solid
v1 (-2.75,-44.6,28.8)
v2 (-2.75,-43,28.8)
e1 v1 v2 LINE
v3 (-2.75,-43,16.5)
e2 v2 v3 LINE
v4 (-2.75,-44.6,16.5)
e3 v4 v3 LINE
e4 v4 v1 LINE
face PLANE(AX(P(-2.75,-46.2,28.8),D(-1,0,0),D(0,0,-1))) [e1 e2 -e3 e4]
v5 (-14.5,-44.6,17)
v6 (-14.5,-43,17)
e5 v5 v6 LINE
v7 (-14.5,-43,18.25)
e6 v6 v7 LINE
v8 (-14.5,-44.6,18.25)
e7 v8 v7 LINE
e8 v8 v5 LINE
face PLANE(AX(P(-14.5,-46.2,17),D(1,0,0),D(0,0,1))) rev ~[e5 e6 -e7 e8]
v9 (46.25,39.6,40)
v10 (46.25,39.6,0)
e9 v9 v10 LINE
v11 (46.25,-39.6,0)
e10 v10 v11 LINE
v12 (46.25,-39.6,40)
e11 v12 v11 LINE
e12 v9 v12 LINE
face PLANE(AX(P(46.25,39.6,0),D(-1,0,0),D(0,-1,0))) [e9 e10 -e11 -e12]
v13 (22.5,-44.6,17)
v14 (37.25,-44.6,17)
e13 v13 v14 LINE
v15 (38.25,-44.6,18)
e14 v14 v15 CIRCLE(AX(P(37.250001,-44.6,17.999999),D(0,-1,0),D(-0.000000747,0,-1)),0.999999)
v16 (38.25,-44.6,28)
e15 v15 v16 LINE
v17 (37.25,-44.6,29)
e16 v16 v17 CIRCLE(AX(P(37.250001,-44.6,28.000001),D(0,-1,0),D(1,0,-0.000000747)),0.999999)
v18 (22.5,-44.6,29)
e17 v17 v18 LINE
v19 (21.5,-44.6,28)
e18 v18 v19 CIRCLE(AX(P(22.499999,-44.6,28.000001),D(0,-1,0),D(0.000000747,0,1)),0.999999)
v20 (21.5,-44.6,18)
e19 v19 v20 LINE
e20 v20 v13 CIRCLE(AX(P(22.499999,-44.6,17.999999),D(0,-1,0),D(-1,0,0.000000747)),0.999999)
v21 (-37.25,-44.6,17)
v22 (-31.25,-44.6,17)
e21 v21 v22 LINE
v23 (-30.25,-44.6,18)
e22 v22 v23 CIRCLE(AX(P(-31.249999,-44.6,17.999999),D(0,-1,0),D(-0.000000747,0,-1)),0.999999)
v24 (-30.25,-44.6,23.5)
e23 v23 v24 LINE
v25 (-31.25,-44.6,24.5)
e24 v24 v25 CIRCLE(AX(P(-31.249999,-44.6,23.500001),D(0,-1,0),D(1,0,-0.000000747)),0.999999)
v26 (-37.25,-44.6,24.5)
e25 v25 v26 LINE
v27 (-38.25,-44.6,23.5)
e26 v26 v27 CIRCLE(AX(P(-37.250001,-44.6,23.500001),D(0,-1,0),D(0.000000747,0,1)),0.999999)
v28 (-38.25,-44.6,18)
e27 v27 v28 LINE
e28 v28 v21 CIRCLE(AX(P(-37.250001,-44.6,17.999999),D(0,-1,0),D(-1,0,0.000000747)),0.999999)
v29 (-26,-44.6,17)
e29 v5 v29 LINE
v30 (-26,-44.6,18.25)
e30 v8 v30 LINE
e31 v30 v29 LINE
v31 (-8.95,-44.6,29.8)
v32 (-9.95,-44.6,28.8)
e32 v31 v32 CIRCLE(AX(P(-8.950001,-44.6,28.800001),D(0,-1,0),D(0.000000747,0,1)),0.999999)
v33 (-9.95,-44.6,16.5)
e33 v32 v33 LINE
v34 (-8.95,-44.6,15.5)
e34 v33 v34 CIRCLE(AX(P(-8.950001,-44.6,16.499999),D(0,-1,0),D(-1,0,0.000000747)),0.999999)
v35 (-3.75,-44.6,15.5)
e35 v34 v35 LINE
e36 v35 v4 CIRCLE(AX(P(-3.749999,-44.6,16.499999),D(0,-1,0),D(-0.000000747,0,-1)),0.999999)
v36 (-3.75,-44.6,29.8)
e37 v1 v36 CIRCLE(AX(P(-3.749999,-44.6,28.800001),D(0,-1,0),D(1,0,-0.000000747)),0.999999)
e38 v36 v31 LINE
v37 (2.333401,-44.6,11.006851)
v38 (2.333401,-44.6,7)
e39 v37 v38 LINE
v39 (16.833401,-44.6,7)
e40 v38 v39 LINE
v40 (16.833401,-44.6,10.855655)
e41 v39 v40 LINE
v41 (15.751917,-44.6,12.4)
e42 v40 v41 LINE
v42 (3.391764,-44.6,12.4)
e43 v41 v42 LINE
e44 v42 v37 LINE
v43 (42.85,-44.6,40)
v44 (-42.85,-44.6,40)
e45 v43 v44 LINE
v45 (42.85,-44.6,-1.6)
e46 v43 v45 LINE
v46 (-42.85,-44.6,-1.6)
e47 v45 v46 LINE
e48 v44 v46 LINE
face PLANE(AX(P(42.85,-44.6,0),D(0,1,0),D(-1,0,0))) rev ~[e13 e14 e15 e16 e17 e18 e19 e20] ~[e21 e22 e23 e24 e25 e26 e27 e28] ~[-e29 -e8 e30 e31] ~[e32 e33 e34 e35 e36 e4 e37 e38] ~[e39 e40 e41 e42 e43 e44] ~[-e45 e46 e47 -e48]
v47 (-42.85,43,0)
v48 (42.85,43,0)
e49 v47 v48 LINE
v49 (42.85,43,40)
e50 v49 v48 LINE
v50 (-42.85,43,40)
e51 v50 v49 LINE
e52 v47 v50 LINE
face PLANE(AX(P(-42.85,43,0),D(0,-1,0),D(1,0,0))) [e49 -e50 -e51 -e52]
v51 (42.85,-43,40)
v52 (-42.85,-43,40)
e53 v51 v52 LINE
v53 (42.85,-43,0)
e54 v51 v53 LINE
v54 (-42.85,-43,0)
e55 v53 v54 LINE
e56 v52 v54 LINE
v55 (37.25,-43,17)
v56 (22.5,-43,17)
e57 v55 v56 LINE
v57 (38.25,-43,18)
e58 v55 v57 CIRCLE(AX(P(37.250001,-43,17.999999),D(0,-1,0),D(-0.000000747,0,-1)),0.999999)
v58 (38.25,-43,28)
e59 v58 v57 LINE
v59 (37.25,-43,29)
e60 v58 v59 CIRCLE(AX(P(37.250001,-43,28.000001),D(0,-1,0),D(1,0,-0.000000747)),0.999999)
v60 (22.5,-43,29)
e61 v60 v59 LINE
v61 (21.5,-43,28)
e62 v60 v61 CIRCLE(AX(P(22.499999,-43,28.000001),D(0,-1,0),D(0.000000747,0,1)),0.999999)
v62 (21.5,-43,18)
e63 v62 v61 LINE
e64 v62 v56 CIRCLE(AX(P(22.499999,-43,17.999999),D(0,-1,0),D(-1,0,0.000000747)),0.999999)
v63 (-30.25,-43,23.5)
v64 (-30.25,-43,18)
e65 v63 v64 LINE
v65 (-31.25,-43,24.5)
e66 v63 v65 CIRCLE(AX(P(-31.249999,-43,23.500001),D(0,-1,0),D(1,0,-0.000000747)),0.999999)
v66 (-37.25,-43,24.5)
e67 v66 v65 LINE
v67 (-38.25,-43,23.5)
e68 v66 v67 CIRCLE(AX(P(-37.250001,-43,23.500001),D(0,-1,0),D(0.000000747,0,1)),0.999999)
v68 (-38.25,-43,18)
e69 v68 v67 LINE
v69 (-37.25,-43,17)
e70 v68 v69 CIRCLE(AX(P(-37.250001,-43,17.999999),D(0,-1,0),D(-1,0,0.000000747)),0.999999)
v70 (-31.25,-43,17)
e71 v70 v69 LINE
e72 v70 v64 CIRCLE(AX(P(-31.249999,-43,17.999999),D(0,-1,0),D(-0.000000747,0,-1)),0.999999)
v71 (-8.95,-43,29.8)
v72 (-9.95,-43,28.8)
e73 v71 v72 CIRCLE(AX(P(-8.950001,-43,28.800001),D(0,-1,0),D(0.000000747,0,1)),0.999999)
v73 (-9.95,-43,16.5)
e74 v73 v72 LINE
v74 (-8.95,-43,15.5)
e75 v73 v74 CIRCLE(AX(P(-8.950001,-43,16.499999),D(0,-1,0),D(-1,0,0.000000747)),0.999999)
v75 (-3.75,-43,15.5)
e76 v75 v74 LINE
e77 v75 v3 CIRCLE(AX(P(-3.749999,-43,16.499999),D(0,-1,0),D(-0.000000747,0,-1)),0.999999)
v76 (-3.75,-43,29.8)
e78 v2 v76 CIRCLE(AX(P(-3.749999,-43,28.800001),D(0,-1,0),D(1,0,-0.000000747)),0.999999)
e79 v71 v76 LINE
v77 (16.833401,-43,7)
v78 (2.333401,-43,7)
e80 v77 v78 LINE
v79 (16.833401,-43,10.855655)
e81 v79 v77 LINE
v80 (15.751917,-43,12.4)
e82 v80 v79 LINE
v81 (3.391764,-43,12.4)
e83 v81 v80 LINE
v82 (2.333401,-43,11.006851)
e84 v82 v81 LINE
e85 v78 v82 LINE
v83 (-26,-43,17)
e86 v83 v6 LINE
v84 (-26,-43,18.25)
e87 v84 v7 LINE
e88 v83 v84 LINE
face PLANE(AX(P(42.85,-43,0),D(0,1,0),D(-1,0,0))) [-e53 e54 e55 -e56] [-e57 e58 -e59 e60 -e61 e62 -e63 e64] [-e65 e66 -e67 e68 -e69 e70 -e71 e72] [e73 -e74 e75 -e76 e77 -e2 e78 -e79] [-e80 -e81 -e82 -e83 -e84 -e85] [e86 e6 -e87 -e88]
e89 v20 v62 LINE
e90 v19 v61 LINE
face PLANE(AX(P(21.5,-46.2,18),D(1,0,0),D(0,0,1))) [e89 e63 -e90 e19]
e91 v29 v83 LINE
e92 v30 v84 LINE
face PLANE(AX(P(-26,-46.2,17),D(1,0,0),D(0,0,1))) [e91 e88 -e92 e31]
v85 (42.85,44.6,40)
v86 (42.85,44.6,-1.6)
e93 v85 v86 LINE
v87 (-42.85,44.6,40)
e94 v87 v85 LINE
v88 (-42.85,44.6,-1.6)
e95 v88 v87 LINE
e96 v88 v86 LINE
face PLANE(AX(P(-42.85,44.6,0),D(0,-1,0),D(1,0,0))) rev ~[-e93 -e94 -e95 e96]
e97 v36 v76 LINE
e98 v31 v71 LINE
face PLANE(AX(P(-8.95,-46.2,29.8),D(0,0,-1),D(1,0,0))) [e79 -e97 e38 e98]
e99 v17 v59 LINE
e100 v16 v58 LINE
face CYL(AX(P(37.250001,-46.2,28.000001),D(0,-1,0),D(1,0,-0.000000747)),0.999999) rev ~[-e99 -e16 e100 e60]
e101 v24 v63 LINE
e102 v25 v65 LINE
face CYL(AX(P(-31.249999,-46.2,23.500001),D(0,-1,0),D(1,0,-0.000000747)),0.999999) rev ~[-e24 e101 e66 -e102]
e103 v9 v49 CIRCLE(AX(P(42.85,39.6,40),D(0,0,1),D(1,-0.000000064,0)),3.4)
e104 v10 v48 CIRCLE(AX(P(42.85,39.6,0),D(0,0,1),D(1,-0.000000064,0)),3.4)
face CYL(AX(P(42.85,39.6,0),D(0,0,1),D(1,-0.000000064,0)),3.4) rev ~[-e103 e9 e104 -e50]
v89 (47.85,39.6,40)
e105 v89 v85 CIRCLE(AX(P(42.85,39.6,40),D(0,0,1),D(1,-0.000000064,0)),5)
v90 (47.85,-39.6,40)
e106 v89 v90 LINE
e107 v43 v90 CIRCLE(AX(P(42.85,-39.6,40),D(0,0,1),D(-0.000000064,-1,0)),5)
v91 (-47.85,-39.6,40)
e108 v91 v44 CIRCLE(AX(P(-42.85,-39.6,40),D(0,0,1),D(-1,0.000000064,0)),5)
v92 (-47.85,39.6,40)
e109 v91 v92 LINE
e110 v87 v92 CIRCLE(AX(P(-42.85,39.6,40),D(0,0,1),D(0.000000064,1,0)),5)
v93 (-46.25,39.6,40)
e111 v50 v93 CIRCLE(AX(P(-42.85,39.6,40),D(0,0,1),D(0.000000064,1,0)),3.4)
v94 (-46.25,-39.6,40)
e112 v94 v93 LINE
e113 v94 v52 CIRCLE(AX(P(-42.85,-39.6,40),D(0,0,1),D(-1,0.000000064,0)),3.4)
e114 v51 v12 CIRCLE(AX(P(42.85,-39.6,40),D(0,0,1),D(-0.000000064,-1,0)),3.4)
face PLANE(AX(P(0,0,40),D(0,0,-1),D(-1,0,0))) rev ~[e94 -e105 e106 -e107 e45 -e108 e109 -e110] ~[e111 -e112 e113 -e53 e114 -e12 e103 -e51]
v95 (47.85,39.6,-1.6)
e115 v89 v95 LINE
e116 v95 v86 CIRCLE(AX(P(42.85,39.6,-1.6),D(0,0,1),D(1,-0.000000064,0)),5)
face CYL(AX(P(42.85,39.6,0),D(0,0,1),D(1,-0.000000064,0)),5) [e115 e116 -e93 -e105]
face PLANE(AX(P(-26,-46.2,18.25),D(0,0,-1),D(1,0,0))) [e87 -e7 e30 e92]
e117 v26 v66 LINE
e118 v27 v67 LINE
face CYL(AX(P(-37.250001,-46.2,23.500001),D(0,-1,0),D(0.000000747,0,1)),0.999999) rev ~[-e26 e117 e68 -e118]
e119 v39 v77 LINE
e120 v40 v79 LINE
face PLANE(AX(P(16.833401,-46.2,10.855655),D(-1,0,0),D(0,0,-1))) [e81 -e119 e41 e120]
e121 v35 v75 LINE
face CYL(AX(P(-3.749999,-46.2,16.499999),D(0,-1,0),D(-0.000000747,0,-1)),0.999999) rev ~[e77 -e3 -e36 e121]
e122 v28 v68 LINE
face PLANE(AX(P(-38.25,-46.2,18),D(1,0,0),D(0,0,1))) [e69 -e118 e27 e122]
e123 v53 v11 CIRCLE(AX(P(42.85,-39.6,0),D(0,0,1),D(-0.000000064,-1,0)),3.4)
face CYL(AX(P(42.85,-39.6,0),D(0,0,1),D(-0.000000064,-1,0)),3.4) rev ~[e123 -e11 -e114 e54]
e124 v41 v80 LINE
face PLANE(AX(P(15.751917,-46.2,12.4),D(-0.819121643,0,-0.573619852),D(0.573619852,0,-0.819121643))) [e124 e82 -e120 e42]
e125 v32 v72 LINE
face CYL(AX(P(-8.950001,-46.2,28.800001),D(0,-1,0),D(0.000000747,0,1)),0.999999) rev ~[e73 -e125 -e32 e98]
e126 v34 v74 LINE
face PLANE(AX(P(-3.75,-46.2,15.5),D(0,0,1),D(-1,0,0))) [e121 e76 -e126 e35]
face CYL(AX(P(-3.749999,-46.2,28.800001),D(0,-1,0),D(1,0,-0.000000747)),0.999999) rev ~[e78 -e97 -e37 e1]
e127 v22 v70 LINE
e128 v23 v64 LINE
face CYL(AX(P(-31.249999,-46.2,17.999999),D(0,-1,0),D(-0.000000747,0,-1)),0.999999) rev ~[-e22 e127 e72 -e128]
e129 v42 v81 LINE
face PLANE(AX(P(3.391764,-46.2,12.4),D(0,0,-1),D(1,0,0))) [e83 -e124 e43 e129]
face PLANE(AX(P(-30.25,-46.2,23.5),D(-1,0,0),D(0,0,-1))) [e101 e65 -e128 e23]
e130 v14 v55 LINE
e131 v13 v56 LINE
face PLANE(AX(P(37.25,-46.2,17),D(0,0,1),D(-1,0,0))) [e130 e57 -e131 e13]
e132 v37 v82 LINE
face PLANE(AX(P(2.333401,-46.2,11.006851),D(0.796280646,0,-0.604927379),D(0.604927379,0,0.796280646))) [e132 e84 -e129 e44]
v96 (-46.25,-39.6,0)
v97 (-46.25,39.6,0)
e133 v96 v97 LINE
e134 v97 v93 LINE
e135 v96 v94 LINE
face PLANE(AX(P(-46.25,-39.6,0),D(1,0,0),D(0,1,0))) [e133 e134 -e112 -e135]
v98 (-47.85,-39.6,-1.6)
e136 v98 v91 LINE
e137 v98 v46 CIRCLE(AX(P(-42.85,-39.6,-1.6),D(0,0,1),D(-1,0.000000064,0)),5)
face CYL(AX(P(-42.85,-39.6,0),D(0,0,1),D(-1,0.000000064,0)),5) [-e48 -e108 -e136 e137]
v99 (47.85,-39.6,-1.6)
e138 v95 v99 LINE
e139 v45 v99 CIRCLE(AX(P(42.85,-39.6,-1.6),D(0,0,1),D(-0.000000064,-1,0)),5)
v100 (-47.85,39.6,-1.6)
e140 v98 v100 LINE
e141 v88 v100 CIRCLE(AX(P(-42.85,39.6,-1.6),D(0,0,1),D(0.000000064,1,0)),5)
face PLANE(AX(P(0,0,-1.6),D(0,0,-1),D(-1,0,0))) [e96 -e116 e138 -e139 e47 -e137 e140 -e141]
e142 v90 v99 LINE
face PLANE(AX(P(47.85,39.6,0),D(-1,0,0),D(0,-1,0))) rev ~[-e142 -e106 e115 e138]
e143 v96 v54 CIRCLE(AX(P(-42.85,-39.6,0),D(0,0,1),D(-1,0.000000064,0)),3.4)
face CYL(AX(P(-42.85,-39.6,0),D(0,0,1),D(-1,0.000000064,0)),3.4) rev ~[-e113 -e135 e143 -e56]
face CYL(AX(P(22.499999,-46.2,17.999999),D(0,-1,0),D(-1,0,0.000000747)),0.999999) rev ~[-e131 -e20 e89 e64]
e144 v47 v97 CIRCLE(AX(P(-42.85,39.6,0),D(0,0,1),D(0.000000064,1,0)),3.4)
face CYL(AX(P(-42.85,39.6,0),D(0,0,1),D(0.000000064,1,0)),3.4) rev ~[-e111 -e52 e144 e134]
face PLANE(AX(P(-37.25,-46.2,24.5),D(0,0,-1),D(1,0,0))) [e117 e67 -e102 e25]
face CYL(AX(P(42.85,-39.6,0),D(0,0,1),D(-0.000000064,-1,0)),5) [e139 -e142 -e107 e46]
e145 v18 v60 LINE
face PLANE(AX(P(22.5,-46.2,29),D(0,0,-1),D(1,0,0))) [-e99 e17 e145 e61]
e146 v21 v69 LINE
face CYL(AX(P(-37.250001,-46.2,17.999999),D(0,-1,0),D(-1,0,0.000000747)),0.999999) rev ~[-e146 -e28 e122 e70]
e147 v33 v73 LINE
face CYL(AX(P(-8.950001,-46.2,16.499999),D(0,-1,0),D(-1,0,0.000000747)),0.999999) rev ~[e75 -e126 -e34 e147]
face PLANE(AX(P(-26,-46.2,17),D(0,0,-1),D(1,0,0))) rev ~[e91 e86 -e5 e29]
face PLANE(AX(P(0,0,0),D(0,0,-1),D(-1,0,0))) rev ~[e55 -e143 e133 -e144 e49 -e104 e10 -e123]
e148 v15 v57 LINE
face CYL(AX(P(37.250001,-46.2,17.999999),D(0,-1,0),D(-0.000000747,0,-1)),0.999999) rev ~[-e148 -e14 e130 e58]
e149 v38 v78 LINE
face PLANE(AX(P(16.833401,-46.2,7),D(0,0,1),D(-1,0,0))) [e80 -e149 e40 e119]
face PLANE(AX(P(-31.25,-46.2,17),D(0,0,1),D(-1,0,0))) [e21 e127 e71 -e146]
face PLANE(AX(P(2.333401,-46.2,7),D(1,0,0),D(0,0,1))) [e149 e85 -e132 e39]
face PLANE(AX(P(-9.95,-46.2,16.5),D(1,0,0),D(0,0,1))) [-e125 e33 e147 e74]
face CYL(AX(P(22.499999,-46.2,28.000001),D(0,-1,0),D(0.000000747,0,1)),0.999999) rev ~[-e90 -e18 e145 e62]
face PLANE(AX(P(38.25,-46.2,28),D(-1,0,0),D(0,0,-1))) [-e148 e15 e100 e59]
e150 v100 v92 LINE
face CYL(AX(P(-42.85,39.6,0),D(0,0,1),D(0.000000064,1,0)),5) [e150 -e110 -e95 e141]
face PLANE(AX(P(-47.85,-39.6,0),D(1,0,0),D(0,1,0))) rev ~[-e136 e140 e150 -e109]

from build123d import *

# Parameters (mm, degrees)
SKETCH004_W       = 11.5
SKETCH004_H       = 1.25
PAD003_DEPTH      = 3.2
PAD005_DEPTH      = 40
PAD005_DEPTH_BACK = 1.6
THICKNESS001_T    = -1.6


with BuildPart() as pad003:
    # Sketch004 → Pad003 (new body)
    with BuildSketch(Plane.XZ.offset(46.2)):
        with BuildLine():
            Line((22.5, 29), (37.25, 29))
            ThreePointArc((38.25, 28), (37.957107, 28.707107), (37.25, 29))
            Line((38.25, 28), (38.25, 18))
            ThreePointArc((37.25, 17), (37.957107, 17.292893), (38.25, 18))
            Line((37.25, 17), (22.5, 17))
            ThreePointArc((21.5, 18), (21.792893, 17.292893), (22.5, 17))
            Line((21.5, 18), (21.5, 28))
            ThreePointArc((22.5, 29), (21.792893, 28.707107), (21.5, 28))
        make_face()
        with BuildLine():
            Line((-8.95, 29.8), (-3.75, 29.8))
            ThreePointArc((-2.75, 28.8), (-3.042893, 29.507107), (-3.75, 29.8))
            Line((-2.75, 28.8), (-2.75, 16.5))
            ThreePointArc((-3.75, 15.5), (-3.042893, 15.792893), (-2.75, 16.5))
            Line((-3.75, 15.5), (-8.95, 15.5))
            ThreePointArc((-9.95, 16.5), (-9.657107, 15.792893), (-8.95, 15.5))
            Line((-9.95, 16.5), (-9.95, 28.8))
            ThreePointArc((-8.95, 29.8), (-9.657107, 29.507107), (-9.95, 28.8))
        make_face()
        with BuildLine():
            Line((-37.25, 24.5), (-31.25, 24.5))
            ThreePointArc((-30.25, 23.5), (-30.542893, 24.207107), (-31.25, 24.5))
            Line((-30.25, 23.5), (-30.25, 18))
            ThreePointArc((-31.25, 17), (-30.542893, 17.292893), (-30.25, 18))
            Line((-31.25, 17), (-37.25, 17))
            ThreePointArc((-38.25, 18), (-37.957107, 17.292893), (-37.25, 17))
            Line((-38.25, 18), (-38.25, 23.5))
            ThreePointArc((-37.25, 24.5), (-37.957107, 24.207107), (-38.25, 23.5))
        make_face()
        with Locations((-20.25, 17.625)):
            Rectangle(SKETCH004_W, SKETCH004_H)
        Polygon((2.333401, 7), (2.333401, 11.006851), (3.391764, 12.4), (15.751917, 12.4), (16.833401, 10.855655), (16.833401, 7), align=None)
    extrude(amount=-PAD003_DEPTH)


with BuildPart() as cut001:
    # Sketch006 → Pad005 (new body, two sides)
    with BuildSketch(Plane.XY) as pad005_sk:
        with BuildLine():
            Line((-42.85, 44.6), (42.85, 44.6))
            ThreePointArc((47.85, 39.6), (46.385534, 43.135534), (42.85, 44.6))
            Line((47.85, 39.6), (47.85, -39.6))
            ThreePointArc((42.85, -44.6), (46.385534, -43.135534), (47.85, -39.6))
            Line((42.85, -44.6), (-42.85, -44.6))
            ThreePointArc((-47.85, -39.6), (-46.385534, -43.135534), (-42.85, -44.6))
            Line((-47.85, -39.6), (-47.85, 39.6))
            ThreePointArc((-42.85, 44.6), (-46.385534, 43.135534), (-47.85, 39.6))
        make_face()
    extrude(amount=PAD005_DEPTH)
    extrude(pad005_sk.sketch, amount=-PAD005_DEPTH_BACK)

    # Thickness001
    thickness001_openings = [cut001.faces().sort_by_distance(p)[0] for p in [
        (0, 0, 40),
    ]]
    offset(amount=THICKNESS001_T, openings=thickness001_openings)

    # Cut001: cut Pad003
    add(pad003.part, mode=Mode.SUBTRACT)


solid = cut001.part
